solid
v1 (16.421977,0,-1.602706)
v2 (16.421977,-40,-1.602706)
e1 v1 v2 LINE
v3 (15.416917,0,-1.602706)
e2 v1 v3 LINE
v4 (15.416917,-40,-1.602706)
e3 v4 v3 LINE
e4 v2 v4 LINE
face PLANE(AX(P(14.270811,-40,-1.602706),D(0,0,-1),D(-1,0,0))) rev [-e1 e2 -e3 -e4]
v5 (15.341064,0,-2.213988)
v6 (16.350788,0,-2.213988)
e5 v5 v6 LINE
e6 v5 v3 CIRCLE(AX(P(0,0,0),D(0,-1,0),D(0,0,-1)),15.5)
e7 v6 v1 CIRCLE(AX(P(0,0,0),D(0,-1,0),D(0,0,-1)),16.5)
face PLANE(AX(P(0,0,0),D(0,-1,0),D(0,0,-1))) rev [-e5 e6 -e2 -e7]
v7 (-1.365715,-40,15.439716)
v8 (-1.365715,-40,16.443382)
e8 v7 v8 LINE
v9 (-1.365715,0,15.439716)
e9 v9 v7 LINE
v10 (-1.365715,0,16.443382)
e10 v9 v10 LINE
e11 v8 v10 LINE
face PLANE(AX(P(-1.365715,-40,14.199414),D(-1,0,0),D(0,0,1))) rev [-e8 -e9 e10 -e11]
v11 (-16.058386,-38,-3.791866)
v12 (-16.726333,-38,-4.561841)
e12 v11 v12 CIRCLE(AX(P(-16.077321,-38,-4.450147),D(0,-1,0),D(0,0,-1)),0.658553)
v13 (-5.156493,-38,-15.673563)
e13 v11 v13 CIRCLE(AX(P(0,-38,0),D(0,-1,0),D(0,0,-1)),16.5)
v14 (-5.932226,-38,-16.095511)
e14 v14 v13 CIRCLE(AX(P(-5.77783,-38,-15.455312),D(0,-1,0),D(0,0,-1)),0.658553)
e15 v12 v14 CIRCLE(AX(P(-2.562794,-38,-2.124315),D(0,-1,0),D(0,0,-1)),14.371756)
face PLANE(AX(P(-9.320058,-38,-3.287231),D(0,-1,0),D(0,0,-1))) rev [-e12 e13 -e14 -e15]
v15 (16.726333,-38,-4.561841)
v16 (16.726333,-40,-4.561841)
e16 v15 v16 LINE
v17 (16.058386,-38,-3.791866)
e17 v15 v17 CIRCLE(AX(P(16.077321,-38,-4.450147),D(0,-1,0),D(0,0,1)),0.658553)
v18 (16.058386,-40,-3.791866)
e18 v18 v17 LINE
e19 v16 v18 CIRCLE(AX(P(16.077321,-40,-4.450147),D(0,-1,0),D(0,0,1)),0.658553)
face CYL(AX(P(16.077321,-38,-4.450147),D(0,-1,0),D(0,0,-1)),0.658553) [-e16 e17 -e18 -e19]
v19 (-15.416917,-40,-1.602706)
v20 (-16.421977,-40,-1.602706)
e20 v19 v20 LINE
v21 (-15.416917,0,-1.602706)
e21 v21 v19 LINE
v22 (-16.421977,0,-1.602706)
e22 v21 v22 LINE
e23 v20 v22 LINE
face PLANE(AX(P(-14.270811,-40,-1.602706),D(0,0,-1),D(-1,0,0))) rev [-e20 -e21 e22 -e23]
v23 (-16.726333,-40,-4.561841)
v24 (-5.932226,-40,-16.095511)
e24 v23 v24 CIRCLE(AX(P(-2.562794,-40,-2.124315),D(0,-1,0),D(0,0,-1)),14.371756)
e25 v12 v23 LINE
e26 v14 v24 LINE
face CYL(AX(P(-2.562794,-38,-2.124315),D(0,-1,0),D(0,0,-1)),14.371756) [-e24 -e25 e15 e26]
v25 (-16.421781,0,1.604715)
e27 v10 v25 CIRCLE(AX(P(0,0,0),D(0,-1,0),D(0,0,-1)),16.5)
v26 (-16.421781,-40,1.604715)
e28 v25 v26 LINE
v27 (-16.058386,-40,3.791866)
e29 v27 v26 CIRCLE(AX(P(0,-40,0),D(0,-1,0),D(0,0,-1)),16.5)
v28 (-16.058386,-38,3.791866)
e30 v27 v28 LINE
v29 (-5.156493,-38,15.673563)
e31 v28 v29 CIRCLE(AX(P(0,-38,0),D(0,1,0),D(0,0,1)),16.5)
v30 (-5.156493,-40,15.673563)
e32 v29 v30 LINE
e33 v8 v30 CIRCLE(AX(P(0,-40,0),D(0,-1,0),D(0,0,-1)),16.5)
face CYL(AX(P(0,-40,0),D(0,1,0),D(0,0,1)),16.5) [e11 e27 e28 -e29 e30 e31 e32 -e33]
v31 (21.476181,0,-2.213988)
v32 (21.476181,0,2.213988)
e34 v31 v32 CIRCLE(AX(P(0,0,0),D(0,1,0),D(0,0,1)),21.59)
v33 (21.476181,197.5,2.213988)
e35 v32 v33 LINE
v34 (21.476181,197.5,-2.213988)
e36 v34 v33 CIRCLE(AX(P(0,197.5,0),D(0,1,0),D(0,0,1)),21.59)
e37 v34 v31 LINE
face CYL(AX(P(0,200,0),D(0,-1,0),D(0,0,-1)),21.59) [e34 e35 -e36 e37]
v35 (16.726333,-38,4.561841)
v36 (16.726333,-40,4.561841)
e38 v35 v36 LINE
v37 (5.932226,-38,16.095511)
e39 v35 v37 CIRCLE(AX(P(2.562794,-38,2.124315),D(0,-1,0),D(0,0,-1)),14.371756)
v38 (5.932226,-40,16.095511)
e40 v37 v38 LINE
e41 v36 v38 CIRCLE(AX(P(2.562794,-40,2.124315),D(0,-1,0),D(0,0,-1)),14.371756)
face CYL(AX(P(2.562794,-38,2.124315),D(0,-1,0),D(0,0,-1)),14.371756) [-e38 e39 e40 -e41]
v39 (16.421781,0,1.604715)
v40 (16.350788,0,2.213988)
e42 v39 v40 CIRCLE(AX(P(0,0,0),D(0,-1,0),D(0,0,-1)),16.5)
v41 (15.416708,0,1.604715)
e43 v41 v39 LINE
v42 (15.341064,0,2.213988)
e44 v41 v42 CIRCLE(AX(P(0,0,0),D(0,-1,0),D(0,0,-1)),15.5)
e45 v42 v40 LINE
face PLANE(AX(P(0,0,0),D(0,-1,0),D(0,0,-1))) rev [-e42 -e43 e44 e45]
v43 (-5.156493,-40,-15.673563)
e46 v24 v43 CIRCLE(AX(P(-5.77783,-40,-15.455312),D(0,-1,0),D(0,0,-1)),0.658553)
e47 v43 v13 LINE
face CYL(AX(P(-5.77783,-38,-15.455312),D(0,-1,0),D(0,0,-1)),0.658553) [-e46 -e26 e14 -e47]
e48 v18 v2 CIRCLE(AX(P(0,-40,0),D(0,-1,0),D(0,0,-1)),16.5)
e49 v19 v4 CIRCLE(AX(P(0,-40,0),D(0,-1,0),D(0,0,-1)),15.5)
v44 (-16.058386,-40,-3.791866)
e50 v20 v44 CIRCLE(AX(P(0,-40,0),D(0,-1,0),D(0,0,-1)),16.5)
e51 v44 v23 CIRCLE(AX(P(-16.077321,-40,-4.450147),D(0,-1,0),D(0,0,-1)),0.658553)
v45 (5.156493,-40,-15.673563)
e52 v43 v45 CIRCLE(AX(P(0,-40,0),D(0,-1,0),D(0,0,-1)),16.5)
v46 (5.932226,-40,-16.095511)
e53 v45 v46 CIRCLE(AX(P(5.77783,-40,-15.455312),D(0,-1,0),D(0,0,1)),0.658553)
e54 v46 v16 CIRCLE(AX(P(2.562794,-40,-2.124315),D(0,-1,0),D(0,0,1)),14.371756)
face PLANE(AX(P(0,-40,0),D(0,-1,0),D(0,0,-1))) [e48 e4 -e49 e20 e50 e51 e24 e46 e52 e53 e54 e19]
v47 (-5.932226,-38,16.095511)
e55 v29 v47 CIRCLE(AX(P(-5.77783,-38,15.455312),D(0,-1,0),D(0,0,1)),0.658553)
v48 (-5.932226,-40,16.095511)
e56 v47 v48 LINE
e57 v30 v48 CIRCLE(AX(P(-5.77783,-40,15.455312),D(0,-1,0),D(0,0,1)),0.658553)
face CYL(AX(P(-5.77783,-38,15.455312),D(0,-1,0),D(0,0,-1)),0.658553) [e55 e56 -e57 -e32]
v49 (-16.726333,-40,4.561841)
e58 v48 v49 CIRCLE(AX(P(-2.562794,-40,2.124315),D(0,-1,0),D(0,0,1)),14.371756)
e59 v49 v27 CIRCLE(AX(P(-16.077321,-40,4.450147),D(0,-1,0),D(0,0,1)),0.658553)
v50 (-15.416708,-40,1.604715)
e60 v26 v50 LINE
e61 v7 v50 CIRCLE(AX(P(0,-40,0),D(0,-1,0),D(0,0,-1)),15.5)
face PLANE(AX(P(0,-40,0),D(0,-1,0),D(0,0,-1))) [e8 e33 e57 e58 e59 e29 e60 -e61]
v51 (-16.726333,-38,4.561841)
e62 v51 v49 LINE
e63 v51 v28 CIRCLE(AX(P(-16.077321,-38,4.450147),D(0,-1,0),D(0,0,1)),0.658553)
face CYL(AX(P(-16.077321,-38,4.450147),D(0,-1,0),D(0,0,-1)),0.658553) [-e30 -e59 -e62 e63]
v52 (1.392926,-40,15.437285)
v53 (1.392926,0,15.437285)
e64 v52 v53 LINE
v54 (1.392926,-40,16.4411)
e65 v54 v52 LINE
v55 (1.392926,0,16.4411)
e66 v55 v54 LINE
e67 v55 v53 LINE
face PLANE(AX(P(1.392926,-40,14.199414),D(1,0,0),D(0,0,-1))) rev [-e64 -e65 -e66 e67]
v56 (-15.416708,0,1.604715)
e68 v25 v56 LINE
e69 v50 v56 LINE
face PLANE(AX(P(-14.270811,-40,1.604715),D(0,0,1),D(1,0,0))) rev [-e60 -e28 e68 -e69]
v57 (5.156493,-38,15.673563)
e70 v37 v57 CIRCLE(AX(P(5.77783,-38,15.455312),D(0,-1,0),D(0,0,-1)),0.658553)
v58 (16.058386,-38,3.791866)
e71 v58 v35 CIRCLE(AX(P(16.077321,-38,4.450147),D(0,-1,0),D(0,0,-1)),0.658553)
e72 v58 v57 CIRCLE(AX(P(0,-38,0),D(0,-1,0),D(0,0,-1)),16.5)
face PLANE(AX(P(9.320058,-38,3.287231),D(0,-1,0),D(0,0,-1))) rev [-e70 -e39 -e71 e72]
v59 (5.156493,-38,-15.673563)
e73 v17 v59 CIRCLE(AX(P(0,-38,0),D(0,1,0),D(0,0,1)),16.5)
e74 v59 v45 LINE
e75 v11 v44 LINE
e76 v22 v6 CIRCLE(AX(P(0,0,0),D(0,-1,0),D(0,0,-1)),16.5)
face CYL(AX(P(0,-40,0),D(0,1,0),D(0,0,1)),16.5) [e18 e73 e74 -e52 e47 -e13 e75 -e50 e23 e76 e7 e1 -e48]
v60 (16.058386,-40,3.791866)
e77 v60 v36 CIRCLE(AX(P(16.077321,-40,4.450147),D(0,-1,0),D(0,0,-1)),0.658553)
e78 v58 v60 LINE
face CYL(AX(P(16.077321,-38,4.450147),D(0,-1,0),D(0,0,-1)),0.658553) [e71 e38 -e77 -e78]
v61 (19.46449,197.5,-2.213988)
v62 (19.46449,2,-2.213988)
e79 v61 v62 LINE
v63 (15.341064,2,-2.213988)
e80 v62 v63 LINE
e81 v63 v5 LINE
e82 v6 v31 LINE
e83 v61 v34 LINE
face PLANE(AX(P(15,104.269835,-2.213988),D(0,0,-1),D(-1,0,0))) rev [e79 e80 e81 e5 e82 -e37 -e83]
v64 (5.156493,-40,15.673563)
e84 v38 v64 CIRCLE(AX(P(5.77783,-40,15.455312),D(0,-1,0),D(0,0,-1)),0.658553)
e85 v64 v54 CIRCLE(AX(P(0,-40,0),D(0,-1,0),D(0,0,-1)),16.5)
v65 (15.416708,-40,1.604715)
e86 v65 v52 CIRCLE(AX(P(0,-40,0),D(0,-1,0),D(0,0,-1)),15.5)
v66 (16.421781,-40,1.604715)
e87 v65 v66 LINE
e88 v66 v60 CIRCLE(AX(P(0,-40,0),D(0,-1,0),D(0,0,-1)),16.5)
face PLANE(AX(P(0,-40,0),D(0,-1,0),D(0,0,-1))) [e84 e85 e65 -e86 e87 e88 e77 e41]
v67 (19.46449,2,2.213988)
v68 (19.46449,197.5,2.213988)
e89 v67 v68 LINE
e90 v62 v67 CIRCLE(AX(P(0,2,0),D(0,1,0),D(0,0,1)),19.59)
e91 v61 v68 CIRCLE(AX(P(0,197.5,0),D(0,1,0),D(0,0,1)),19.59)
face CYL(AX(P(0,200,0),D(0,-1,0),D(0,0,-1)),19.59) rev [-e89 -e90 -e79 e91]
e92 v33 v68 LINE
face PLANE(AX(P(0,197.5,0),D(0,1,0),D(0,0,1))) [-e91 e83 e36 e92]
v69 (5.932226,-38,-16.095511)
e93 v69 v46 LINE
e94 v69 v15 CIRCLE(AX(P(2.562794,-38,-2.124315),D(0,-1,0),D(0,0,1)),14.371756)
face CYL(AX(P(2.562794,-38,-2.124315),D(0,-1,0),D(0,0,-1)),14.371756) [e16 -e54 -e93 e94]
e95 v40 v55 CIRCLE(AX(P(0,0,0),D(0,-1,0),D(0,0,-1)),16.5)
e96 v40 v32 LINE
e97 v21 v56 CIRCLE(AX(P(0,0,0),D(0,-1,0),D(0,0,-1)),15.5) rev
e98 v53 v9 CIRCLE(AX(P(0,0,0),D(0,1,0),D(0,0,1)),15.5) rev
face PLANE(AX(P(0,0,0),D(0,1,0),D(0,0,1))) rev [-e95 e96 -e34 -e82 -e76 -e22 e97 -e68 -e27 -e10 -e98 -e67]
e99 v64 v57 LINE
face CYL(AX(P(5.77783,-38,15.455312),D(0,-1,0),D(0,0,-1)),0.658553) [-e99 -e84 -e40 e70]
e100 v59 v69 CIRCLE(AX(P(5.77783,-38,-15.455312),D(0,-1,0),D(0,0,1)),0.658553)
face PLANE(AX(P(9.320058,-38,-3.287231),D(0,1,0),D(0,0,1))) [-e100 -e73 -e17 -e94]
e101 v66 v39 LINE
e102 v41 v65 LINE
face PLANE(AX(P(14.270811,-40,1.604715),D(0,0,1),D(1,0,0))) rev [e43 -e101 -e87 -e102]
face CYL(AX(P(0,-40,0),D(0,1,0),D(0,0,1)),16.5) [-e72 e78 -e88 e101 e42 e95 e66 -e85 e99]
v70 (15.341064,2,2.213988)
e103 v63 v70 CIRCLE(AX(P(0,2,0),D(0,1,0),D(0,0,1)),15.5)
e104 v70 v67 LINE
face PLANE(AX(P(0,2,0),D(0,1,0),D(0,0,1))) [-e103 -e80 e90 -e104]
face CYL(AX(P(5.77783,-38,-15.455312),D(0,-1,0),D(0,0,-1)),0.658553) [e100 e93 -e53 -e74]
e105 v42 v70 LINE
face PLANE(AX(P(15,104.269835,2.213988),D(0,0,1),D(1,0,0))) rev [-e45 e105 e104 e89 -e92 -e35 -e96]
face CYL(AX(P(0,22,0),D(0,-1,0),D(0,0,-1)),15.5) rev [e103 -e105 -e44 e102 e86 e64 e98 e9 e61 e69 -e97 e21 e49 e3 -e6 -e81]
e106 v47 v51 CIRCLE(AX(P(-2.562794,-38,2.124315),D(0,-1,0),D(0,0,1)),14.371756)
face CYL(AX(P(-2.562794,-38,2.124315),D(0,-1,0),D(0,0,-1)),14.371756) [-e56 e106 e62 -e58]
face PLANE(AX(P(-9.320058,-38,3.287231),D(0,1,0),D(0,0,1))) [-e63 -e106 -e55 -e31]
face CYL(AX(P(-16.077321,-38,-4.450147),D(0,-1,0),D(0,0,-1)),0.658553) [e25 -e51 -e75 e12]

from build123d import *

# Parameters (mm, degrees)
SKETCH1_R           = 21.59
BOSS_EXTRUDE1_DEPTH = 200
SHELL1_T            = 2
CUT_EXTRUDE1_START  = 20
CUT_EXTRUDE1_DEPTH  = 5
SKETCH4_R           = 16.5
BOSS_EXTRUDE2_DEPTH = 40
SKETCH7_R           = 15.5
CUT_EXTRUDE4_DEPTH  = 62
SKETCH8_W           = 2.785852998
SKETCH8_H           = 5.87658936
SKETCH8_W_2         = 8.878050256
SKETCH8_H_2         = 3.207420782
SKETCH8_W_3         = 2.758641046
SKETCH8_H_3         = 8.505589864
CUT_EXTRUDE5_DEPTH  = 203.317216766
BOSS_EXTRUDE4_DEPTH = 2
SKETCH10_R          = 21.59
CUT_EXTRUDE7_DEPTH  = 2.5


with BuildPart() as part:
    # Sketch1 → Boss-Extrude1 (new body)
    with BuildSketch(Plane(origin=(0, 0, 0), x_dir=(1, 0, 0), z_dir=(0, 1, 0))):
        with Locations(Location((0, 0, 0), (0, 0, 270))):
            Circle(SKETCH1_R)
    extrude(amount=BOSS_EXTRUDE1_DEPTH)

    # Shell1 (no face opened: a closed hollow body)
    add(offset(amount=-SHELL1_T, mode=Mode.PRIVATE), mode=Mode.SUBTRACT)

    # Sketch2 → Cut-Extrude1 (cut, symmetric)
    with BuildSketch(Plane(origin=(0, 0, 0), x_dir=(0, 0, -1), z_dir=(1, 0, 0)).offset(CUT_EXTRUDE1_START)):
        Polygon((2.213988381, 104.269834735), (2.213988381, 0), (-2.213988381, 0), (-2.213988381, 104.269834735), (-2.213988381, 199.79439609), (2.213988381, 199.79439609), align=None)
    extrude(amount=CUT_EXTRUDE1_DEPTH, both=True, mode=Mode.SUBTRACT)

    # Sketch4 → Boss-Extrude2 (add)
    with BuildSketch(Plane.XZ):
        with Locations(Location((0, 0, 0), (0, 0, 7.711270357))):
            Circle(SKETCH4_R)
    extrude(amount=BOSS_EXTRUDE2_DEPTH)

    # Sketch7 → Cut-Extrude4 (cut)
    with BuildSketch(Plane(origin=(0, -40, 0), x_dir=(-1, 0, 0), z_dir=(0, -1, 0))):
        with Locations(Location((0, 0, 0), (0, 0, 90))):
            Circle(SKETCH7_R)
    extrude(amount=-CUT_EXTRUDE4_DEPTH, mode=Mode.SUBTRACT)

    # Sketch8 → Cut-Extrude5 (cut, through all)
    with BuildSketch(Plane(origin=(0, 0, 0), x_dir=(1, 0, 0), z_dir=(0, 1, 0))):
        with Locations((0, 20.108138302)):
            Rectangle(SKETCH8_W, SKETCH8_H)
        with Locations((18.709836445, -0.001004202)):
            Rectangle(SKETCH8_W_2, SKETCH8_H_2)
        with Locations((0.013605976, -18.452209414)):
            Rectangle(SKETCH8_W_3, SKETCH8_H_3)
        with Locations((-18.709836445, -0.001004202)):
            Rectangle(SKETCH8_W_2, SKETCH8_H_2)
    extrude(amount=-CUT_EXTRUDE5_DEPTH, mode=Mode.SUBTRACT)

    # Sketch9 → Boss-Extrude4 (add)
    with BuildSketch(Plane.XZ.offset(40)):
        with BuildLine():
            ThreePointArc((16.726333299, 4.561841417), (13.056013579, 11.944688127), (5.932226465, 16.095510881))
            ThreePointArc((5.932226465, 16.095510881), (5.137631387, 15.609709062), (5.623433206, 14.815113985))
            ThreePointArc((5.623433206, 14.815113985), (12.094357446, 11.044695365), (15.428308962, 4.338453169))
            ThreePointArc((15.428308962, 4.338453169), (16.189015254, 3.801135125), (16.726333299, 4.561841417))
        make_face()
        with BuildLine():
            ThreePointArc((16.726333299, -4.561841417), (13.056013579, -11.944688127), (5.932226465, -16.095510881))
            ThreePointArc((5.932226465, -16.095510881), (5.137631387, -15.609709062), (5.623433206, -14.815113985))
            ThreePointArc((5.623433206, -14.815113985), (12.094357446, -11.044695365), (15.428308962, -4.338453169))
            ThreePointArc((15.428308962, -4.338453169), (16.189015254, -3.801135125), (16.726333299, -4.561841417))
        make_face()
        with BuildLine():
            ThreePointArc((-16.726333299, -4.561841417), (-13.056013579, -11.944688127), (-5.932226465, -16.095510881))
            ThreePointArc((-5.932226465, -16.095510881), (-5.137631387, -15.609709062), (-5.623433206, -14.815113985))
            ThreePointArc((-5.623433206, -14.815113985), (-12.094357446, -11.044695365), (-15.428308962, -4.338453169))
            ThreePointArc((-15.428308962, -4.338453169), (-16.189015254, -3.801135125), (-16.726333299, -4.561841417))
        make_face()
        with BuildLine():
            ThreePointArc((-16.726333299, 4.561841417), (-13.056013579, 11.944688127), (-5.932226465, 16.095510881))
            ThreePointArc((-5.932226465, 16.095510881), (-5.137631387, 15.609709062), (-5.623433206, 14.815113985))
            ThreePointArc((-5.623433206, 14.815113985), (-12.094357446, 11.044695365), (-15.428308962, 4.338453169))
            ThreePointArc((-15.428308962, 4.338453169), (-16.189015254, 3.801135125), (-16.726333299, 4.561841417))
        make_face()
    extrude(amount=-BOSS_EXTRUDE4_DEPTH)

    # Sketch10 → Cut-Extrude7 (cut, symmetric)
    with BuildSketch(Plane(origin=(0, 200, 0), x_dir=(1, 0, 0), z_dir=(0, 1, 0))):
        Circle(SKETCH10_R)
    extrude(amount=CUT_EXTRUDE7_DEPTH, both=True, mode=Mode.SUBTRACT)


solid = part.part
